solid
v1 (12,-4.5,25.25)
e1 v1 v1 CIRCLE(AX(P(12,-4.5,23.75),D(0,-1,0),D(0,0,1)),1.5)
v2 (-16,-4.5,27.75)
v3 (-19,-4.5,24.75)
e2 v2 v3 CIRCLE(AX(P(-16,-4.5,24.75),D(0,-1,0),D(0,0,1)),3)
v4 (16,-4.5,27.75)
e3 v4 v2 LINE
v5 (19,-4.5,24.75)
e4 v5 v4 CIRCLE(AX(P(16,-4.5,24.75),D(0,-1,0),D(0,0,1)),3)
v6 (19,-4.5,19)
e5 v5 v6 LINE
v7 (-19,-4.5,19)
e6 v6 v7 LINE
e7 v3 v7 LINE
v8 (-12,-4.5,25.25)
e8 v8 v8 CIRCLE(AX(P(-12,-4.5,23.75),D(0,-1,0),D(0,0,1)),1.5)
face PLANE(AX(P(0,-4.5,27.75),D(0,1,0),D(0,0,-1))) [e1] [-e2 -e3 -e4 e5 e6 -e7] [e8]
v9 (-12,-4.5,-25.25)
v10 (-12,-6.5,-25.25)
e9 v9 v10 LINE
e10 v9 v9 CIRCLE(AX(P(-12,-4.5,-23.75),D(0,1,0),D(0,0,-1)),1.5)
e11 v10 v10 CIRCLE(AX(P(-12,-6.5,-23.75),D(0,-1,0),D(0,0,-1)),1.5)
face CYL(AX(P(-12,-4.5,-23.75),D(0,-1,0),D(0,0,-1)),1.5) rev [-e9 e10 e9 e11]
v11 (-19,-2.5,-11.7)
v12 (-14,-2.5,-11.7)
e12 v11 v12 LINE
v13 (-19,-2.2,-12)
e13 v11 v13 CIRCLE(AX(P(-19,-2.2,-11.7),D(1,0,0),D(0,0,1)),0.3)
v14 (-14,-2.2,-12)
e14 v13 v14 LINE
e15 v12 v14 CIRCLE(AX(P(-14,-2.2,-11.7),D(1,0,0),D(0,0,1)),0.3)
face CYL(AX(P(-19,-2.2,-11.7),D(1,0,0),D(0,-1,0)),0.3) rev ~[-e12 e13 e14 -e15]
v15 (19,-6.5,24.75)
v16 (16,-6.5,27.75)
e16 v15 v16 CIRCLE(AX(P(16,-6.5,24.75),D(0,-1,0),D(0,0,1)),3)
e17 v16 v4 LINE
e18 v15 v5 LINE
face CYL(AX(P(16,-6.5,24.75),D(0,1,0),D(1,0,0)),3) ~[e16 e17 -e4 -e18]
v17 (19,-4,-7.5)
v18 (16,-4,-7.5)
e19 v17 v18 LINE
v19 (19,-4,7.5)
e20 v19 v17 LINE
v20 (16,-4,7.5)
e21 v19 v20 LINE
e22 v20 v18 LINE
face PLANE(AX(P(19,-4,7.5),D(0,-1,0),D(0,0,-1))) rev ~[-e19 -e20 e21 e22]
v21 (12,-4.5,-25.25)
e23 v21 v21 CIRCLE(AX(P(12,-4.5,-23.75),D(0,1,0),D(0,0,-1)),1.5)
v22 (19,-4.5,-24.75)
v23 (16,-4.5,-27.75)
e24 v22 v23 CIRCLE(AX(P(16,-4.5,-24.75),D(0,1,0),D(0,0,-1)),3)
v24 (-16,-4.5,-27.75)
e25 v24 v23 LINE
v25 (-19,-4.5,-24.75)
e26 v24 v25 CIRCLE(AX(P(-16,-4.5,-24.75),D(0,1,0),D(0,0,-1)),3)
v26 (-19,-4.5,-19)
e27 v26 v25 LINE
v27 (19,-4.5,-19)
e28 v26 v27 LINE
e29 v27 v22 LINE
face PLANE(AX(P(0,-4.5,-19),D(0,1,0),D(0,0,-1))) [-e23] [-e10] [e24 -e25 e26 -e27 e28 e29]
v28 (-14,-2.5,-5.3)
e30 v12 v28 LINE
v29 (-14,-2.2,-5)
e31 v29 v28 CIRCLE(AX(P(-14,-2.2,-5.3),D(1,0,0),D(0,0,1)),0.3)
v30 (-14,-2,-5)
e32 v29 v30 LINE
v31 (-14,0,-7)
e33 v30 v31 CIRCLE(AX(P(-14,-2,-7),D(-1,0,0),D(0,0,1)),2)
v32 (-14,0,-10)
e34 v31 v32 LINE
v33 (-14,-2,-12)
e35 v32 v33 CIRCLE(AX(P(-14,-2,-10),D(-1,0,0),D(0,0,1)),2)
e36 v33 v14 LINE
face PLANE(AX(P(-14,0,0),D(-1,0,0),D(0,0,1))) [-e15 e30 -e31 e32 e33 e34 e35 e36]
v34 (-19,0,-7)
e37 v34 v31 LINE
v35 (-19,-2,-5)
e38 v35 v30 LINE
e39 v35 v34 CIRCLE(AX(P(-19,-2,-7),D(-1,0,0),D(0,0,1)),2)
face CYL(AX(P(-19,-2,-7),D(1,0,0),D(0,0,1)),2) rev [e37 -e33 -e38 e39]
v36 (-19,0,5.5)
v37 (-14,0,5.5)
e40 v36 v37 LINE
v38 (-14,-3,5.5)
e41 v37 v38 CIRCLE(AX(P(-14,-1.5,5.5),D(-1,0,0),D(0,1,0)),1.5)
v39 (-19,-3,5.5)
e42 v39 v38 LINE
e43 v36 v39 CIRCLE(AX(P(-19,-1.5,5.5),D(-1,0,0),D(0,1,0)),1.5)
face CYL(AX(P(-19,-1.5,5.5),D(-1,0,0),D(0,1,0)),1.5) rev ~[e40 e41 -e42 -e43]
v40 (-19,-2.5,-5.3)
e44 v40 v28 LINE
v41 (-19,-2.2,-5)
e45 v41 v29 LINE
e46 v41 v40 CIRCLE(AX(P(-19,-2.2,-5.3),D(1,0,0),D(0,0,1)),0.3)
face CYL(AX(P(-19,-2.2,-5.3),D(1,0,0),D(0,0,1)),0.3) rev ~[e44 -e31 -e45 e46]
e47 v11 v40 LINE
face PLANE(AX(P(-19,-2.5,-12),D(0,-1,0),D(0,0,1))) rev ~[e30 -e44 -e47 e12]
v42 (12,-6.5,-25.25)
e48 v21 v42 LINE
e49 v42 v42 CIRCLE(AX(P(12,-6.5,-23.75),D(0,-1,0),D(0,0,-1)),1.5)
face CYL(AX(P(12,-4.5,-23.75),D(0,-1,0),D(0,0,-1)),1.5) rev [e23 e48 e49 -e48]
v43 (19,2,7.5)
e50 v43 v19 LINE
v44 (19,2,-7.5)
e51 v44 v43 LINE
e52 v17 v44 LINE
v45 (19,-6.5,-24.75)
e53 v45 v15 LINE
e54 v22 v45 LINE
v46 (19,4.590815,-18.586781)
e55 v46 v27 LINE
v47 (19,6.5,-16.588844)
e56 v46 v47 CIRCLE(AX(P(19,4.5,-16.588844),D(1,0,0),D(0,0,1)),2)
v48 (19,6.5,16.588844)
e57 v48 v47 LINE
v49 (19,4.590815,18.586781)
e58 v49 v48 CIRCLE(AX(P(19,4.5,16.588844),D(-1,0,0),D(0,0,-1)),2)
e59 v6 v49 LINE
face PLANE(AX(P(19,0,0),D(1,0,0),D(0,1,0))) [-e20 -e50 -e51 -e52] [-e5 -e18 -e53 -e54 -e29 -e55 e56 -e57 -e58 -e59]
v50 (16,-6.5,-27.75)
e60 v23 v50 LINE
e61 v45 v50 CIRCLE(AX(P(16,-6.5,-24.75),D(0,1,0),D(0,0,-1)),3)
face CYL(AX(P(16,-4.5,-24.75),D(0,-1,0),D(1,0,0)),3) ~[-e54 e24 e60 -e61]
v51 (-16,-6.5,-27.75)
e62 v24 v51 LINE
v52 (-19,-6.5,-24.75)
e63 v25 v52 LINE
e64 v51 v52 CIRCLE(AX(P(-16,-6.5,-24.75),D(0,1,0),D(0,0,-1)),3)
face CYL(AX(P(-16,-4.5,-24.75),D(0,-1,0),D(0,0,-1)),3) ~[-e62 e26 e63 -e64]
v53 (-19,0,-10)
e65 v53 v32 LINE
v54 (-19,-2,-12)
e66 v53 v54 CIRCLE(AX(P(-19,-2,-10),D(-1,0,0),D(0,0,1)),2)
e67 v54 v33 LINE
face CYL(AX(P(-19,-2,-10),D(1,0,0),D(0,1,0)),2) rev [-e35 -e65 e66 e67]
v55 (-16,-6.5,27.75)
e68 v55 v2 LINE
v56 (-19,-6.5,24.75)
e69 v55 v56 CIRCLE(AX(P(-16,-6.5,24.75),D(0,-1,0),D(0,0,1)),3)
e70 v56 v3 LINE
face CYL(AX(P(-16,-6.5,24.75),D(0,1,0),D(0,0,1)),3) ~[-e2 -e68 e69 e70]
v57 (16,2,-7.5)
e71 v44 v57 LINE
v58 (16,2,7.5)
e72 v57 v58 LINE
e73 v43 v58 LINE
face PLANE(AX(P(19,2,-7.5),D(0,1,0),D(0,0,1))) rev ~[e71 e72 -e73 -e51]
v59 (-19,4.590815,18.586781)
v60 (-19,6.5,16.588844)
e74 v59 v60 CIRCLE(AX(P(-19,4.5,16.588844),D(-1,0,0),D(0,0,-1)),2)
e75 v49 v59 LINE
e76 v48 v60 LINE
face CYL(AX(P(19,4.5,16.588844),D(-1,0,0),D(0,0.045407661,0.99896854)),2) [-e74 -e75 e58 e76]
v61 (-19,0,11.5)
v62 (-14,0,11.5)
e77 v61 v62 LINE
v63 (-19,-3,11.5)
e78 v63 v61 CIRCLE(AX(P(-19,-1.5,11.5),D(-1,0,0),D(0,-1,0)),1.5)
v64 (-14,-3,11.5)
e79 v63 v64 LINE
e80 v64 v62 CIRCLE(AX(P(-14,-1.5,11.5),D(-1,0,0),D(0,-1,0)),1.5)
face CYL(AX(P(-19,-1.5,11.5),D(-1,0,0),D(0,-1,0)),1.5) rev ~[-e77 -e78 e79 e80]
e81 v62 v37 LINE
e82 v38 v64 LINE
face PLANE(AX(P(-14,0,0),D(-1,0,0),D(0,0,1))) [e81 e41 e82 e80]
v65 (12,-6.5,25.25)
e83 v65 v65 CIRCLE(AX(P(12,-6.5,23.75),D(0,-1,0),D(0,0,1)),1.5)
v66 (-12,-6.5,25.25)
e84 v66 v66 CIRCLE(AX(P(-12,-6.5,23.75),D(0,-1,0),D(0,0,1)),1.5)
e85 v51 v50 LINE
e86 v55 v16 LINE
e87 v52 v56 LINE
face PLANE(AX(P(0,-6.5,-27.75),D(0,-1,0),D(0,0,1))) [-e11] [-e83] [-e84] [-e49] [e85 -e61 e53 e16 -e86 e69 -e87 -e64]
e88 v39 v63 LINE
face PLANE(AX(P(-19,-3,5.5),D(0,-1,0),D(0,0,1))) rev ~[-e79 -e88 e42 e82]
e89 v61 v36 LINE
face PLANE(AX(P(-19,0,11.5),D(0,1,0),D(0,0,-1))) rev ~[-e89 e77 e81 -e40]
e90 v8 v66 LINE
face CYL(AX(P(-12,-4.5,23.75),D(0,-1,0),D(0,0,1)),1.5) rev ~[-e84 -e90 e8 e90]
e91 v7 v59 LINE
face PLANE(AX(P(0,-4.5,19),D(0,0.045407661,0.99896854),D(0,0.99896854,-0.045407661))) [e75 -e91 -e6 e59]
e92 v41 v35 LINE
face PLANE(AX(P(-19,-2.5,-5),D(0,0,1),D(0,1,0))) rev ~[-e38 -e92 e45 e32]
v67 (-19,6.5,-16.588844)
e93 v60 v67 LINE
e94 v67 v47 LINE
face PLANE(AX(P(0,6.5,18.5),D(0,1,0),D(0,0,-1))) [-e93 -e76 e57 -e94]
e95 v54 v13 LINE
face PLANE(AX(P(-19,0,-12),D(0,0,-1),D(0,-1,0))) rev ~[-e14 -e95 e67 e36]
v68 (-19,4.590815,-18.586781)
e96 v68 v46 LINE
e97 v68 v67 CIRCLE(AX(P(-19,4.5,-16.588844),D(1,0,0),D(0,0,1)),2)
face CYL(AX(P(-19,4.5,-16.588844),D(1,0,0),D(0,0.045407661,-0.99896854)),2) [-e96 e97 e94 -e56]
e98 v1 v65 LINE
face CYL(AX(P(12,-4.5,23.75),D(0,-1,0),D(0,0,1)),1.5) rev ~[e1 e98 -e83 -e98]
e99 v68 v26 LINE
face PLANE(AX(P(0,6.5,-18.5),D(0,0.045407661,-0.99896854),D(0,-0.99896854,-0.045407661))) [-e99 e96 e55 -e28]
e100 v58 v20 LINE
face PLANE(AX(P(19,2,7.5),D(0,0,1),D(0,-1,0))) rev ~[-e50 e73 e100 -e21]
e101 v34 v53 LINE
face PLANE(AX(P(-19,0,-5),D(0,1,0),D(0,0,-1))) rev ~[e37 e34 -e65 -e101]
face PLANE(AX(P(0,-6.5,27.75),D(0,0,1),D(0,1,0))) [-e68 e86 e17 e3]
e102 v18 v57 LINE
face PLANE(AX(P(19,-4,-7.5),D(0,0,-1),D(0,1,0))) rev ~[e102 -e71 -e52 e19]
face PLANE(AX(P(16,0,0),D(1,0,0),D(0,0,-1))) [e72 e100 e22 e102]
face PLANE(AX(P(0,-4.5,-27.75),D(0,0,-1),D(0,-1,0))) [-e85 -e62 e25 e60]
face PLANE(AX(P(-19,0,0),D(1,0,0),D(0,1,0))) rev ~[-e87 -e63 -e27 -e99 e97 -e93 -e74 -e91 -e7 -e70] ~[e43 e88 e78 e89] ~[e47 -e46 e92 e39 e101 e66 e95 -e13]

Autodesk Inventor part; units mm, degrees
ref_plane "YZ Plane" through (0, 0, 0) normal (1, 0, 0) x (0, 1, 0)
ref_plane "XZ Plane" through (0, 0, 0) normal (0, 1, 0) x (-1, 0, 0)
ref_plane "XY Plane" through (0, 0, 0) normal (0, 0, 1) x (1, 0, 0)
sketch "スケッチ1" plane through (0, 0, 0) normal (1, 0, 0) x (0, 1, 0)
  line L0 (-6.5, 27.75) -> (6.5, 27.75)
  line L1 (6.5, 27.75) -> (6.5, -27.75)
  line L2 (6.5, -27.75) -> (-6.5, -27.75)
  line L3 (-6.5, -27.75) -> (-6.5, 27.75)
  line L4 (-6.5, 27.75) -> (6.5, -27.75) construction
  line L5 (6.5, 27.75) -> (-6.5, -27.75) construction
  line L6 (6.5, 19) -> (-4.5, 19)
  line L7 (-4.5, 19) -> (-4.5, -19)
  line L8 (-4.5, -19) -> (6.5, -19)
  line L9 (6.5, -19) -> (6.5, 19)
  line L10 (-4.5, 27.75) -> (-4.5, 19)
  line L11 (-4.5, 19) -> (6.5, 18.5)
  line L12 (6.5, -18.5) -> (-4.5, -19)
  line L13 (-4.5, -19) -> (-4.5, -27.75)
  point P0 (0, 0)
  point P1 (6.5, 0)
  point P2 (6.5, 18.5)
  dimension "d0" = 13
  dimension "d1" = 55.5
  dimension "d2" = 11
  dimension "d3" = 38
  dimension "d4" = 0.5
  dimension "d5" = 0.5
extrude "押し出し1" add sketch "スケッチ1" along normal mid plane 38 contours L0 L10 L7 L13 L2 L3 | L11 L1 L12 L7
fillet "フィレット1" radius 2 2 edges at (0, 6.5, 18.5) (0, 6.5, -18.5)
sketch "スケッチ2" plane through (-19, -4.5, 27.75) normal (0, 1, 0) x (1, 0, 0)
  line L0 (7, 4) -> (31, 4) construction
  line L1 (7, 4) -> (31, 4) construction
  line L2 (0, 0) -> (38, 0) construction
  point P0 (19, 27.75)
  point P1 (19, 4)
  dimension "d9" = 24
  dimension "d10" = 0
  dimension "d11" = 4
hole "穴1" at (-12, -4.5, 23.75) at (12, -4.5, 23.75) direction (0, -1, 0) diameter 3 end through all
fillet "フィレット2" radius 3 2 edges at (19, -5.5, 27.75) (-19, -5.5, 27.75)
mirror "ミラー1" about plane through (0, 0, 0) normal (0, 0, 1) of "穴1", "フィレット2"
sketch "スケッチ3" plane through (19, 0, 0) normal (1, 0, 0) x (0, 0, -1)
  line L0 (-7.5, -4) -> (7.5, -4)
  line L1 (7.5, -4) -> (7.5, 2)
  line L2 (7.5, 2) -> (-7.5, 2)
  line L3 (-7.5, 2) -> (-7.5, -4)
  line L4 (-7.5, -4) -> (7.5, 2) construction
  line L5 (7.5, -4) -> (-7.5, 2) construction
  line L6 (-24.75, -6.5) -> (24.75, -6.5) projected
  point P0 (0, 0)
  point P1 (0, -1)
  dimension "d20" = 15
  dimension "d21" = 6
  dimension "d22" = 2.5
extrude "押し出し2" cut sketch "スケッチ3" against normal blind 3
sketch "スケッチ4" plane through (-19, 0, 0) normal (-1, 0, 0) x (0, 0, 1)
  line L0 (5.5, -1.5) -> (11.5, -1.5) construction
  line L1 (5.5, -3) -> (11.5, -3)
  line L2 (11.5, 0) -> (5.5, 0)
  arc A0 (5.5, 0) -> (5.5, -3) centre (5.5, -1.5) ccw
  arc A1 (11.5, -3) -> (11.5, 0) centre (11.5, -1.5) ccw
  line L3 (8.5, -1.5) -> (14.5, -1.5) construction
  line L4 (-12, -2.5) -> (-5, -2.5)
  line L5 (-5, -2.5) -> (-5, 0)
  line L6 (-5, 0) -> (-12, 0)
  line L7 (-12, 0) -> (-12, -2.5)
  line L8 (-12, -2.5) -> (-5, 0) construction
  line L9 (-5, -2.5) -> (-12, 0) construction
  point P0 (0, 0)
  point P1 (-8.5, -1.25)
  point P2 (-8.5, 0)
  point P3 (8.5, 0)
  dimension "d25" = 3
  dimension "d26" = 0
  dimension "d27" = 3
  dimension "d28" = 7
  dimension "d29" = 2.5
  dimension "d30" = 8.5
  dimension "d31" = 8.5
extrude "押し出し3" cut sketch "スケッチ4" against normal blind 5
fillet "フィレット3" radius 0.3 2 edges at (-16.5, -2.5, -12) (-16.5, -2.5, -5)
fillet "フィレット4" radius 2 2 edges at (-16.5, 0, -12) (-16.5, 0, -5)
equation "\"d5\" = d4"
equation "\"d30\" = d31"
properties part number "LiDAR_slave"
